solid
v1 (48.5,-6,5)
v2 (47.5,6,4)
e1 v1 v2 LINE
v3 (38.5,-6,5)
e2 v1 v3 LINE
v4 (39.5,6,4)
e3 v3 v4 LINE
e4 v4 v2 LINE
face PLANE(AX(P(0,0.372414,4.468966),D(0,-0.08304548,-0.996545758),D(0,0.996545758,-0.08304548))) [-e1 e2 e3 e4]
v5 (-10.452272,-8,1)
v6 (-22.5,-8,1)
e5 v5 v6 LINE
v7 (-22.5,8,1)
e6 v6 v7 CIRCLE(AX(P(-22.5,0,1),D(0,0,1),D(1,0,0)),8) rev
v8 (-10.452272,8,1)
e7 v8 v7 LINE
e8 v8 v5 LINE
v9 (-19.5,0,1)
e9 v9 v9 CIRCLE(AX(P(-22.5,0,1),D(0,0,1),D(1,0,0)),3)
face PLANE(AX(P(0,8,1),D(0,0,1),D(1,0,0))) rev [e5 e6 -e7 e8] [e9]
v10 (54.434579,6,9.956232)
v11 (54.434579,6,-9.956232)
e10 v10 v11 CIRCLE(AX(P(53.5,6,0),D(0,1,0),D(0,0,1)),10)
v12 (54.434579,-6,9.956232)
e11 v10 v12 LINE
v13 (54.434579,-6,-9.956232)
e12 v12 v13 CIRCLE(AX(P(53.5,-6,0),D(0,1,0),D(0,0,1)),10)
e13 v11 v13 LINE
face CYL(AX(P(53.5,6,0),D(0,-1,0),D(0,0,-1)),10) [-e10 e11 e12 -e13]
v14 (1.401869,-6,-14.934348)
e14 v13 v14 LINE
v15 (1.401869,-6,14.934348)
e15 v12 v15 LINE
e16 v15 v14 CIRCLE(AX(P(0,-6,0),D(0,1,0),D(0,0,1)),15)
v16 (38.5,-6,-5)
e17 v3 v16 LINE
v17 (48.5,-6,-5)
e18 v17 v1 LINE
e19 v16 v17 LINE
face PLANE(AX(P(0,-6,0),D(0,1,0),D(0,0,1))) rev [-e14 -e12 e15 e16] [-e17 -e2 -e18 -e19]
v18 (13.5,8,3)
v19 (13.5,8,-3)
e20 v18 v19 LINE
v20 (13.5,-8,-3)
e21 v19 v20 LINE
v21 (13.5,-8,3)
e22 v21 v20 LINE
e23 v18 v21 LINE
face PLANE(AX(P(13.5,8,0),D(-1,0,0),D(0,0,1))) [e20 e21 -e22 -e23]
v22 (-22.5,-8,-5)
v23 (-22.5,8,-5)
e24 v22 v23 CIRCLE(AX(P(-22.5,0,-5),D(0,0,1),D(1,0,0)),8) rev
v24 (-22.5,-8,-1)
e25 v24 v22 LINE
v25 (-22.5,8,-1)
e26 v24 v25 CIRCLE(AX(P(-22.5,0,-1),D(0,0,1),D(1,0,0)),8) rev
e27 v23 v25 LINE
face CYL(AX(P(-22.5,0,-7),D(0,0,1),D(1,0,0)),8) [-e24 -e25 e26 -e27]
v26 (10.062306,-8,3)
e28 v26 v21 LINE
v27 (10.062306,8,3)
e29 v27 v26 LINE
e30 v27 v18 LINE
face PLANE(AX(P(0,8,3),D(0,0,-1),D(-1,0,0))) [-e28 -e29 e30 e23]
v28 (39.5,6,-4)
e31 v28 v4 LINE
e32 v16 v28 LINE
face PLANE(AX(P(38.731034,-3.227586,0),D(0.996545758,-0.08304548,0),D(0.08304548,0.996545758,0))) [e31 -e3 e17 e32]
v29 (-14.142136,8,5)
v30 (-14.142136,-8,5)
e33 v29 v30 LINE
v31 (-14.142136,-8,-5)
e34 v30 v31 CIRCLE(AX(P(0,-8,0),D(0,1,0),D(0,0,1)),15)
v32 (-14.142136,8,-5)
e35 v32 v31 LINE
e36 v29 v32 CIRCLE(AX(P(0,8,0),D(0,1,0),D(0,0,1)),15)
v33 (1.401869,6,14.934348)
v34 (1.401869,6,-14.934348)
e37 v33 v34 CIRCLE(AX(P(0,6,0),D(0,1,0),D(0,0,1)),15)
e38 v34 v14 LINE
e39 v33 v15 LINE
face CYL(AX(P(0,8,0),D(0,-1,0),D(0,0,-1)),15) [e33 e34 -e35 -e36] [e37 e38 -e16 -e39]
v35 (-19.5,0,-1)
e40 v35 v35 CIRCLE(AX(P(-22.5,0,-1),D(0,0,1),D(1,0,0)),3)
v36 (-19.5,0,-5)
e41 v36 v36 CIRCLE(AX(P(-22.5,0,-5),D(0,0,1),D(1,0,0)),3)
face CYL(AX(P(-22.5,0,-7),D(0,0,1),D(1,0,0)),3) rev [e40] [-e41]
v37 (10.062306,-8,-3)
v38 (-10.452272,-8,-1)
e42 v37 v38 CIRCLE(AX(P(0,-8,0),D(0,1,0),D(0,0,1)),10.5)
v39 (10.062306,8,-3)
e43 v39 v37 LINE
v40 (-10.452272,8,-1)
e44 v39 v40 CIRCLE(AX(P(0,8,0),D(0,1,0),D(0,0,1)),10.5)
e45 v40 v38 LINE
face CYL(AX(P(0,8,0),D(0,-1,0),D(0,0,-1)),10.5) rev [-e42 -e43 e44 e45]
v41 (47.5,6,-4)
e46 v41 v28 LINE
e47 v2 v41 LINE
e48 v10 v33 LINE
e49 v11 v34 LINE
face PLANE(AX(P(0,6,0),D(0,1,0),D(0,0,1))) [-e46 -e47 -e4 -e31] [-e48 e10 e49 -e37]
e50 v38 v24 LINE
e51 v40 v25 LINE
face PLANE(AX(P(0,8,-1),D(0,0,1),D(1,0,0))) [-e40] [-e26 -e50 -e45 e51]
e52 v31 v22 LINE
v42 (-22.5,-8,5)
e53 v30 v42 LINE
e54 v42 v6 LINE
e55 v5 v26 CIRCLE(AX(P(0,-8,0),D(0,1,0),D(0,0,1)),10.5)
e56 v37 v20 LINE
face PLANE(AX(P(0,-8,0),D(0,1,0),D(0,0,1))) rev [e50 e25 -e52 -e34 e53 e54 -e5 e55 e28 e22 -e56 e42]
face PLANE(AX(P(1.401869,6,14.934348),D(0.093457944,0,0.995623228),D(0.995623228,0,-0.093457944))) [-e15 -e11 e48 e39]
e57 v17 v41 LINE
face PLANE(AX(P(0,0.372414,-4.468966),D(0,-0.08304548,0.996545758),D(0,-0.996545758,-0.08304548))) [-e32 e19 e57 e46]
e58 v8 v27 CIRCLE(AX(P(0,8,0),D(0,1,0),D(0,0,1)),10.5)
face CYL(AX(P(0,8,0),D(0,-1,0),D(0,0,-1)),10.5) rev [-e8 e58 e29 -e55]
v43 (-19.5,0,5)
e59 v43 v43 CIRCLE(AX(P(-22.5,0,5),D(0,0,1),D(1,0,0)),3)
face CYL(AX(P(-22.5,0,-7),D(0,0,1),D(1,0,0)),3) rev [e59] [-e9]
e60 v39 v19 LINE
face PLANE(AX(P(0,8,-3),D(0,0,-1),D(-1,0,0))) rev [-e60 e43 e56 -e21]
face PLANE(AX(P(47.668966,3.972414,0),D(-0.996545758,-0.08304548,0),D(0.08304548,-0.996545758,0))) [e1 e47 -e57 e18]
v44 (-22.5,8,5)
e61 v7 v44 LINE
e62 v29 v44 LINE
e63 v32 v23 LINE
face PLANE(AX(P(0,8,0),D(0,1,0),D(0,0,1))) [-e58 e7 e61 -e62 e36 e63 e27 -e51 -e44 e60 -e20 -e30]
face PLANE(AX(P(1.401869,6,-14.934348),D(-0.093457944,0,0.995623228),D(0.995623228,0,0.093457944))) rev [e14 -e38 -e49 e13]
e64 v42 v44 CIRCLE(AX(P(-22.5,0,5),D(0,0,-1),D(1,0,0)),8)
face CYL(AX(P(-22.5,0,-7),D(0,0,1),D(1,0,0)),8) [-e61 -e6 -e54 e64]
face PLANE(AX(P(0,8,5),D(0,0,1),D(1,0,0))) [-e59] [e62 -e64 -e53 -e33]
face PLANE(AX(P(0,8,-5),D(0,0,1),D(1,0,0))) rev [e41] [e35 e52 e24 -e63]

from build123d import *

# Parameters (mm, degrees)
BOSS_EXTRUDE1_DEPTH = 8
BOSS_EXTRUDE2_DEPTH = 6
SKETCH2_R           = 3
CUT_EXTRUDE2_DEPTH  = 12


with BuildPart() as part:
    # Sketch1 → Boss-Extrude1 (new, symmetric)
    with BuildSketch(Plane(origin=(0, 0, 0), x_dir=(1, 0, 0), z_dir=(0, 1, 0))):
        with BuildLine():
            ThreePointArc((1.401869159, -14.934348424), (15, 0), (1.401869159, 14.934348424))
            ThreePointArc((1.401869159, 14.934348424), (-8.077834924, 12.639168602), (-14.142135624, 5))
            Line((-14.142135624, 5), (-30.5, 5))
            Line((-30.5, 5), (-30.5, 1))
            Line((-30.5, 1), (-10.45227248, 1))
            ThreePointArc((-10.45227248, 1), (-1.018831921, 10.450453651), (10.062305899, 3))
            Line((10.062305899, 3), (13.5, 3))
            Line((13.5, 3), (13.5, -3))
            Line((13.5, -3), (10.062305899, -3))
            ThreePointArc((10.062305899, -3), (-1.018831921, -10.450453651), (-10.45227248, -1))
            Line((-10.45227248, -1), (-30.5, -1))
            Line((-30.5, -1), (-30.5, -5))
            Line((-30.5, -5), (-14.142135624, -5))
            ThreePointArc((-14.142135624, -5), (-8.077834924, -12.639168602), (1.401869159, -14.934348424))
        make_face()
    extrude(amount=BOSS_EXTRUDE1_DEPTH, both=True)

    # Sketch1<4> → Boss-Extrude2 (add, symmetric)
    with BuildSketch(Plane(origin=(0, 0, 0), x_dir=(1, 0, 0), z_dir=(0, 1, 0))):
        with BuildLine():
            ThreePointArc((54.434579439, -9.956232283), (63.5, 0), (54.434579439, 9.956232283))
            Line((54.434579439, 9.956232283), (1.401869159, 14.934348424))
            ThreePointArc((1.401869159, 14.934348424), (15, 0), (1.401869159, -14.934348424))
            Line((1.401869159, -14.934348424), (54.434579439, -9.956232283))
        make_face()
    extrude(amount=BOSS_EXTRUDE2_DEPTH, both=True)

    # Sketch2 → Cut-Extrude2 (cut)
    with BuildSketch(Plane.XY.offset(5)):
        with Locations((-22.5, 0)):
            Circle(SKETCH2_R)
        with BuildLine():
            Line((-22.5, 8), (-22.5, 10.643526933))
            Line((-22.5, 10.643526933), (-32.266859183, 10.643526933))
            Line((-32.266859183, 10.643526933), (-32.266859183, -8))
            Line((-32.266859183, -8), (-32.266859183, -9.04856402))
            Line((-32.266859183, -9.04856402), (-22.5, -9.04856402))
            Line((-22.5, -9.04856402), (-22.5, -8))
            ThreePointArc((-22.5, -8), (-30.5, 0), (-22.5, 8))
        make_face()
    extrude(amount=-CUT_EXTRUDE2_DEPTH, mode=Mode.SUBTRACT)

    # Sketch4 → Cut-Loft1 section 0
    with BuildSketch(Plane.XZ.offset(6)):
        with BuildLine():
            Line((38.5, -5), (48.5, -5))
            Line((48.5, -5), (48.5, 5))
            Line((48.5, 5), (38.5, 5))
            Line((38.5, 5), (38.5, -5))
        make_face()
    # Sketch3 → Cut-Loft1 section 1
    with BuildSketch(Plane(origin=(0, 6, 0), x_dir=(1, 0, 0), z_dir=(0, 1, 0))):
        with BuildLine():
            Line((39.5, -4), (47.5, -4))
            Line((47.5, -4), (47.5, 4))
            Line((47.5, 4), (39.5, 4))
            Line((39.5, 4), (39.5, -4))
        make_face()
    loft(mode=Mode.SUBTRACT)


solid = part.part
